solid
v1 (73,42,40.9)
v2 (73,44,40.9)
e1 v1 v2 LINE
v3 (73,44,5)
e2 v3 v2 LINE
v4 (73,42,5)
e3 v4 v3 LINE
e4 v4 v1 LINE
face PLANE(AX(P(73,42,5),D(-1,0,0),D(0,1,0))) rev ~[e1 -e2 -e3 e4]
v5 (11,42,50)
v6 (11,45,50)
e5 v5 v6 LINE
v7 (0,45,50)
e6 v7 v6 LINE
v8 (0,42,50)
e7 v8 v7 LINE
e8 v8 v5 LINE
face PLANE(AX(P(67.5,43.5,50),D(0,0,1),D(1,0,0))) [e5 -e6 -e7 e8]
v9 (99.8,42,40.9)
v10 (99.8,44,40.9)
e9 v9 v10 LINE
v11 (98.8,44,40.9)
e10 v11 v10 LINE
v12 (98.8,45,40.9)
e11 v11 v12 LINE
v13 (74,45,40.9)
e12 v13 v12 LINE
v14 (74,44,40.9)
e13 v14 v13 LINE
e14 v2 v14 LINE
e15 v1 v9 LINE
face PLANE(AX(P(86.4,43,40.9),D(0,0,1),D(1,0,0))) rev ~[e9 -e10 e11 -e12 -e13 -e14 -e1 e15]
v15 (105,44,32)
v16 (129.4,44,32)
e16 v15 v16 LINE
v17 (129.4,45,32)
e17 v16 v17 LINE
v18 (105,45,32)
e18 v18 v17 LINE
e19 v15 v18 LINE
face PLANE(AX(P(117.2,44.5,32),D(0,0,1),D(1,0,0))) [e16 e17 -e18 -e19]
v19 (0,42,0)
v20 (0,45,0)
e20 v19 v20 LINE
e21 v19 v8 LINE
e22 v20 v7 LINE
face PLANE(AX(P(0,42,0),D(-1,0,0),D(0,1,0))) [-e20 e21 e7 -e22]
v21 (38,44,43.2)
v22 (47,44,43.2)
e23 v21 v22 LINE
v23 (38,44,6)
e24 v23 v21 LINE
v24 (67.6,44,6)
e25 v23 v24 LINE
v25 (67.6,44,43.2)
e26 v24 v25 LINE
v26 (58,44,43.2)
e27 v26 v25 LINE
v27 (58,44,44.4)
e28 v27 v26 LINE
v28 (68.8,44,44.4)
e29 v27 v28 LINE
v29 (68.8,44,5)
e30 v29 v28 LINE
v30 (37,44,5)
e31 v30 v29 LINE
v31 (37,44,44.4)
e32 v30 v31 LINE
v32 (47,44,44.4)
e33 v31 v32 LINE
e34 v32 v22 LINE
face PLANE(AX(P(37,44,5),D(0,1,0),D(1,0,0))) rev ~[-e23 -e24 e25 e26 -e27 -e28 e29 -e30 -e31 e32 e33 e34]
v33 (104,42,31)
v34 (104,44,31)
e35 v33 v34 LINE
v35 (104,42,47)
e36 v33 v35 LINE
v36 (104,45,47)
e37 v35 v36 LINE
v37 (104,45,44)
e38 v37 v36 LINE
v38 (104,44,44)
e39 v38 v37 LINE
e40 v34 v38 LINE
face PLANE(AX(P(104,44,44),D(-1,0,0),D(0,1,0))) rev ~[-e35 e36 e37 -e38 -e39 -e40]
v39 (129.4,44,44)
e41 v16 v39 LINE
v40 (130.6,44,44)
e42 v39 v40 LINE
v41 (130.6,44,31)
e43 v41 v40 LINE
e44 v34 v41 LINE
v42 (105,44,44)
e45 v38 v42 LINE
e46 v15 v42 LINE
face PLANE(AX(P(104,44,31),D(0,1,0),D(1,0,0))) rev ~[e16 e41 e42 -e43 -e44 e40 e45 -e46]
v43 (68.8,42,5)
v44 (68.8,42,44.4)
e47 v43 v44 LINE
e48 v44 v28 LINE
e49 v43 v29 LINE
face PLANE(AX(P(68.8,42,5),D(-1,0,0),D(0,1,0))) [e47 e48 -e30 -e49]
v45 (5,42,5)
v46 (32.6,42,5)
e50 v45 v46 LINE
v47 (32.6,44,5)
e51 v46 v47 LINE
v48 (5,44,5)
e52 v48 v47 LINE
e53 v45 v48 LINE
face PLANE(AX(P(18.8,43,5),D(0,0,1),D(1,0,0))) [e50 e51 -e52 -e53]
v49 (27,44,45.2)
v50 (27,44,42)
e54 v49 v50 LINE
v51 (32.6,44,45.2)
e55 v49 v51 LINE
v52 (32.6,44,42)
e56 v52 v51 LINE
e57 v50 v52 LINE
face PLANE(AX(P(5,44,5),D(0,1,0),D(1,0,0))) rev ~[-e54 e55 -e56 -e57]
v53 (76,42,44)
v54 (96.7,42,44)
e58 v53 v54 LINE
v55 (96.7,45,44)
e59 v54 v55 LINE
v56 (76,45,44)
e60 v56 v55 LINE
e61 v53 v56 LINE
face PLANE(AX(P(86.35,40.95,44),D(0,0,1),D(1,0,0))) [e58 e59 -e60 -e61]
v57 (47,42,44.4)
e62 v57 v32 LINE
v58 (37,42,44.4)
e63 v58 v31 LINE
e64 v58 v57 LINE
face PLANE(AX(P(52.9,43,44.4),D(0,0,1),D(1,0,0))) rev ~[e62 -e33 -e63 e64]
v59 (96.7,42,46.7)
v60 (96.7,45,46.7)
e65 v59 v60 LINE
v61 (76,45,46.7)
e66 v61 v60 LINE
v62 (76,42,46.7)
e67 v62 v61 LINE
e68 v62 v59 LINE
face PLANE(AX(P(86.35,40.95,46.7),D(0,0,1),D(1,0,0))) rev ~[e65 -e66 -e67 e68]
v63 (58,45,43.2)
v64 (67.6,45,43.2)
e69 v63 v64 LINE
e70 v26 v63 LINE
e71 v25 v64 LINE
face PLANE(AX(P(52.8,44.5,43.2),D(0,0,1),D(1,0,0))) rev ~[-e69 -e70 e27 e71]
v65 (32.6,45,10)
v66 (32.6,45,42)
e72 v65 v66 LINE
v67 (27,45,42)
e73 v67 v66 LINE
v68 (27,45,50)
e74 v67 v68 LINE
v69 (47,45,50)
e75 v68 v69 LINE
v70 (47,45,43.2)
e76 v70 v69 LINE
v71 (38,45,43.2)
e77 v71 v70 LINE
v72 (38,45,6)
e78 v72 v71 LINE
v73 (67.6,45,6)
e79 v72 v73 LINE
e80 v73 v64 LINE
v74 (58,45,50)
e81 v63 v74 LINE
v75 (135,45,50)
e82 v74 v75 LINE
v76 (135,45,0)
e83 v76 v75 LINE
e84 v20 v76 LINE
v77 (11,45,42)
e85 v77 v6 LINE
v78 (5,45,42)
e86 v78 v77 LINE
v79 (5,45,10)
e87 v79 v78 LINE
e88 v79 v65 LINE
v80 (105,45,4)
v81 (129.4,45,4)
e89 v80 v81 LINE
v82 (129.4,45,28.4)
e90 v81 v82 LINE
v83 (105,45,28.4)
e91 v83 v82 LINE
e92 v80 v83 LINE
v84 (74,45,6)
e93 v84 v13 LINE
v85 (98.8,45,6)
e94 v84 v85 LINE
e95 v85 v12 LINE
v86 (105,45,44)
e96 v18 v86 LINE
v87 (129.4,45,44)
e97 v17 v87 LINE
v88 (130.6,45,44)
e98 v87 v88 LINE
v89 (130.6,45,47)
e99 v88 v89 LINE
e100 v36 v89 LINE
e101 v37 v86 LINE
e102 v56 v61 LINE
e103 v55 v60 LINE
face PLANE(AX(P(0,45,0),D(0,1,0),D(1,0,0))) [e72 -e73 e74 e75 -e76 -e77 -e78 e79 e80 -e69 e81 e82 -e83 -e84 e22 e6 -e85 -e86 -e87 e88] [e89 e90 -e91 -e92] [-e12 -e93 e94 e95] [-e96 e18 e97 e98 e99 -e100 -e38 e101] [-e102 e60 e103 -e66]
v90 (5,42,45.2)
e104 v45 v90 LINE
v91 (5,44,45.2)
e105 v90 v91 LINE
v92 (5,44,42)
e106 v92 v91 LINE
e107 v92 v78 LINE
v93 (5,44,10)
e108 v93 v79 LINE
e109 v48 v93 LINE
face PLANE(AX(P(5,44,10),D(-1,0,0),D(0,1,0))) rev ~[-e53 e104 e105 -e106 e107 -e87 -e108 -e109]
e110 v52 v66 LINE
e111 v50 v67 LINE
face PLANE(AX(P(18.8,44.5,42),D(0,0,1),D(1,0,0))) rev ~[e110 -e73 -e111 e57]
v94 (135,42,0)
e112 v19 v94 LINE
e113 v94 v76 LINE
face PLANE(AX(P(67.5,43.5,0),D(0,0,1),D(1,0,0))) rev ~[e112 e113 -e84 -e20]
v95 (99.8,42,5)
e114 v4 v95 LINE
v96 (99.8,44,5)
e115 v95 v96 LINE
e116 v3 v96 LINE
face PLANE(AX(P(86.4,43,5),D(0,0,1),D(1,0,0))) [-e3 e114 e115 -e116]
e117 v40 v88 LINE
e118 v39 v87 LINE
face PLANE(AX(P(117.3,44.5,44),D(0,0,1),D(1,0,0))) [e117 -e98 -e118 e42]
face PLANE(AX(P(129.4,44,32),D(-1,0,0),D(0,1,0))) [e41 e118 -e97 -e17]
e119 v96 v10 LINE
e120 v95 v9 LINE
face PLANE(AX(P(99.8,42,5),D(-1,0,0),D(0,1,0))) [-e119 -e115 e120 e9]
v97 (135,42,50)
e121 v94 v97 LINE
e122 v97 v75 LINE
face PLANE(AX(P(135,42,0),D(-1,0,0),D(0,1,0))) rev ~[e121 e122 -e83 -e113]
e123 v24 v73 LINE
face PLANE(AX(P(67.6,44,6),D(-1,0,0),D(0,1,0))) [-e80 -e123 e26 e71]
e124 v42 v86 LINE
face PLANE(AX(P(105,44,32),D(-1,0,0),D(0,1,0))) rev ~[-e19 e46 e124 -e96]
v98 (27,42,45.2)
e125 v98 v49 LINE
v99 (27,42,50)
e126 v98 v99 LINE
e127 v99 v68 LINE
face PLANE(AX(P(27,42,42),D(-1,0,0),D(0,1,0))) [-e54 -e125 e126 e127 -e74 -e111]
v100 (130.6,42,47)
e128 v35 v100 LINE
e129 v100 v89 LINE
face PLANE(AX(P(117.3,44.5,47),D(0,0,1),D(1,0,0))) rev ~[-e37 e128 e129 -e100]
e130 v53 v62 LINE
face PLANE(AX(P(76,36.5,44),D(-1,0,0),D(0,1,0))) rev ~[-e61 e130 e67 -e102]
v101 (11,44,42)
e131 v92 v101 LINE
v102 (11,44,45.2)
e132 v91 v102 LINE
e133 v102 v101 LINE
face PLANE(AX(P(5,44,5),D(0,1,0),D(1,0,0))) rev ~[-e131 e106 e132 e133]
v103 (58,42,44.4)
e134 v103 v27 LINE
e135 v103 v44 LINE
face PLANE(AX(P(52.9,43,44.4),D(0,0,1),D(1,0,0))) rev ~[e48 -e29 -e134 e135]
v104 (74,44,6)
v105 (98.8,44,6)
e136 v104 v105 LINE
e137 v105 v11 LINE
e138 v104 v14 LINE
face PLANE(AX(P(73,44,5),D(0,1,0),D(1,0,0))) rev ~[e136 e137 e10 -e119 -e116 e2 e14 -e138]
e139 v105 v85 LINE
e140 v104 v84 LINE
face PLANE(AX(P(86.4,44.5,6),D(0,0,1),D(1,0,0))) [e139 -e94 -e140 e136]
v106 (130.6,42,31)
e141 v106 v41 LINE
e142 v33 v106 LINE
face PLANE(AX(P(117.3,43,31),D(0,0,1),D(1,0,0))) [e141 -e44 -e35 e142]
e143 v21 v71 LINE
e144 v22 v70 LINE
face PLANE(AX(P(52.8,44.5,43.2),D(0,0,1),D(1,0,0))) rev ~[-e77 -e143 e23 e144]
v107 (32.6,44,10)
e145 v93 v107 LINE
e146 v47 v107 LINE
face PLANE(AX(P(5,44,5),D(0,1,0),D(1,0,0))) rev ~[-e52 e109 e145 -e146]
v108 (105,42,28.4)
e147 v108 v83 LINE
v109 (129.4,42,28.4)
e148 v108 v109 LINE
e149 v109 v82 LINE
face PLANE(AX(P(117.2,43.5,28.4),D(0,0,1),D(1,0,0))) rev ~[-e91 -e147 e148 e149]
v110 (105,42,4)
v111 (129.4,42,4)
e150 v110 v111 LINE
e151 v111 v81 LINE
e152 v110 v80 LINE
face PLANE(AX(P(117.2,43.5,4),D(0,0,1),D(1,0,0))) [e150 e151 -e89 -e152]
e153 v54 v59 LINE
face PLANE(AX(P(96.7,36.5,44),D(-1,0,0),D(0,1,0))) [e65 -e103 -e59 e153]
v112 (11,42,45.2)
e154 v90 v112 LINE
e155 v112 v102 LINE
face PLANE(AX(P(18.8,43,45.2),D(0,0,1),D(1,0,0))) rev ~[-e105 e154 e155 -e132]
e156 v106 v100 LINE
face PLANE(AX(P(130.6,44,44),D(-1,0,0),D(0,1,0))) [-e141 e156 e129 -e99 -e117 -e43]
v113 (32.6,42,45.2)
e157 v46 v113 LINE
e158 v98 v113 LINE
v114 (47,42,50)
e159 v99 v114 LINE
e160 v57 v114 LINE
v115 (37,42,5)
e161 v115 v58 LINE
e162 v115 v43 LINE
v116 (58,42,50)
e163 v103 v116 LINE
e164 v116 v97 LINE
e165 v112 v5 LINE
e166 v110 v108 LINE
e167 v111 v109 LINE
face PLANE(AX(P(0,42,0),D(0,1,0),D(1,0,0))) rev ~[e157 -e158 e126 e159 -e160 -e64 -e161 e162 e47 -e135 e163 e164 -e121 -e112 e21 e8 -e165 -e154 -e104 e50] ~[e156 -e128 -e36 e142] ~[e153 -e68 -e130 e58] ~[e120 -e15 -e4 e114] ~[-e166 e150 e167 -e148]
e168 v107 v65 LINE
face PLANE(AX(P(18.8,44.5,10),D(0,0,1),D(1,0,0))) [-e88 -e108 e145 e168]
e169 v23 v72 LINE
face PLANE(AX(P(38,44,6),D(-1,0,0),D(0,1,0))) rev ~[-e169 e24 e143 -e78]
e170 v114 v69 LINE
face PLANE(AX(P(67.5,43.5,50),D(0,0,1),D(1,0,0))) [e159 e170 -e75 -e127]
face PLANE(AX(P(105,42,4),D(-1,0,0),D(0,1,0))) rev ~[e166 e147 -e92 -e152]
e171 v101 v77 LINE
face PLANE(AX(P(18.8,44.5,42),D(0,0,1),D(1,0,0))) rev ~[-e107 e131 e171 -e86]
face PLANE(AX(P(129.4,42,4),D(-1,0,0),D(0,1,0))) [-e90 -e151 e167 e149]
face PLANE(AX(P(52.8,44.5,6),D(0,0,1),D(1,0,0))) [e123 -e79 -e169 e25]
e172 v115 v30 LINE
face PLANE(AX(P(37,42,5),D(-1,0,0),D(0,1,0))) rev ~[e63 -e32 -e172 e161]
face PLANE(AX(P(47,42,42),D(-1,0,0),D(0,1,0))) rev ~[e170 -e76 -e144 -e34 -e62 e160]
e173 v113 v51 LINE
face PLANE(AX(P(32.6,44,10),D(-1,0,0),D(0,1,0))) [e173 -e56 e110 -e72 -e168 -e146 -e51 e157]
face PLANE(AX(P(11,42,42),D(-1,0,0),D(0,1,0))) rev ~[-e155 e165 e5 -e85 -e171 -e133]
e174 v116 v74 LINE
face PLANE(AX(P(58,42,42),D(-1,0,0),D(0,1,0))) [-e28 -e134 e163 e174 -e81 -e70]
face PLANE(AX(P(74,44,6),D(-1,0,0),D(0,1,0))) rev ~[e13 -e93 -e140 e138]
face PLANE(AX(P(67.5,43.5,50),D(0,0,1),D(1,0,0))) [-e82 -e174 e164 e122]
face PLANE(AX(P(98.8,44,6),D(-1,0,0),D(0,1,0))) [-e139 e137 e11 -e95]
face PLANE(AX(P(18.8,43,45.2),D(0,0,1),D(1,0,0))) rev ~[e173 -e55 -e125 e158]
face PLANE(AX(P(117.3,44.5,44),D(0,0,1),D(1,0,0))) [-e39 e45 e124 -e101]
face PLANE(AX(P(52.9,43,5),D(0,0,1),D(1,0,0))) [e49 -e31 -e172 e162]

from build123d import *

# Parameters (mm, degrees)
BOX248_W     = 27.6
BOX248_H     = 2
BOX248_DEPTH = 40.2
BOX249_W     = 27.6
BOX249_H     = 1
BOX249_DEPTH = 32
BOX250_W     = 16
BOX250_H     = 3
BOX250_DEPTH = 8
BOX252_W     = 29.6
BOX252_H     = 1
BOX252_DEPTH = 37.2
BOX251_W     = 31.8
BOX251_H     = 2
BOX251_DEPTH = 39.4
BOX253_W     = 11
BOX253_H     = 3
BOX253_DEPTH = 8
BOX254_W     = 26.8
BOX254_H     = 2
BOX254_DEPTH = 35.9
BOX255_W     = 24.8
BOX255_H     = 1
BOX255_DEPTH = 34.9
BOX263_W     = 24.4
BOX263_H     = 3
BOX263_DEPTH = 24.4
BOX270_W     = 20.7
BOX270_H     = 8.9
BOX270_DEPTH = 2.7
BOX261_W     = 24.4
BOX261_H     = 1
BOX261_DEPTH = 13.8
BOX262_W     = 26.6
BOX262_H     = 1
BOX262_DEPTH = 3
BOX260_W     = 26.6
BOX260_H     = 2
BOX260_DEPTH = 16
BOX247_W     = 135
BOX247_H     = 3
BOX247_DEPTH = 50


with BuildPart() as cut_out_cam_large:
    # Box248 → Box248 (new body)
    with BuildSketch(Plane(origin=(5, 42, 5), x_dir=(1, 0, 0), z_dir=(0, 0, 1))):
        with Locations((13.8, 1)):
            Rectangle(BOX248_W, BOX248_H)
    extrude(amount=BOX248_DEPTH)


with BuildPart() as cut_out_cam_small:
    # Box249 → Box249 (new body)
    with BuildSketch(Plane(origin=(5, 44, 10), x_dir=(1, 0, 0), z_dir=(0, 0, 1))):
        with Locations((13.8, 0.5)):
            Rectangle(BOX249_W, BOX249_H)
    extrude(amount=BOX249_DEPTH)


with BuildPart() as cut_out_esp32cam:
    # Box250 → Box250 (new body)
    with BuildSketch(Plane(origin=(11, 42, 42), x_dir=(1, 0, 0), z_dir=(0, 0, 1))):
        with Locations((8, 1.5)):
            Rectangle(BOX250_W, BOX250_H)
    extrude(amount=BOX250_DEPTH)

    # Fusion: union cut-out cam large, cut-out cam small
    add(cut_out_cam_large.part)
    add(cut_out_cam_small.part)


with BuildPart() as cube225:
    # Box252 → Box252 (new body)
    with BuildSketch(Plane(origin=(38, 44, 6), x_dir=(1, 0, 0), z_dir=(0, 0, 1))):
        with Locations((14.8, 0.5)):
            Rectangle(BOX252_W, BOX252_H)
    extrude(amount=BOX252_DEPTH)


with BuildPart() as cube224:
    # Box251 → Box251 (new body)
    with BuildSketch(Plane(origin=(37, 42, 5), x_dir=(1, 0, 0), z_dir=(0, 0, 1))):
        with Locations((15.9, 1)):
            Rectangle(BOX251_W, BOX251_H)
    extrude(amount=BOX251_DEPTH)


with BuildPart() as cut_out_esp32:
    # Box253 → Box253 (new body)
    with BuildSketch(Plane(origin=(47, 42, 42), x_dir=(1, 0, 0), z_dir=(0, 0, 1))):
        with Locations((5.5, 1.5)):
            Rectangle(BOX253_W, BOX253_H)
    extrude(amount=BOX253_DEPTH)

    # Fusion066: union Cube225, Cube224
    add(cube225.part)
    add(cube224.part)


with BuildPart() as cube227:
    # Box254 → Box254 (new body)
    with BuildSketch(Plane(origin=(73, 42, 5), x_dir=(1, 0, 0), z_dir=(0, 0, 1))):
        with Locations((13.4, 1)):
            Rectangle(BOX254_W, BOX254_H)
    extrude(amount=BOX254_DEPTH)


with BuildPart() as cut_out_neo6mv2:
    # Box255 → Box255 (new body)
    with BuildSketch(Plane(origin=(74, 44, 6), x_dir=(1, 0, 0), z_dir=(0, 0, 1))):
        with Locations((12.4, 0.5)):
            Rectangle(BOX255_W, BOX255_H)
    extrude(amount=BOX255_DEPTH)

    # Fusion067: union Cube227
    add(cube227.part)


with BuildPart() as cut_out_gps_antenna:
    # Box263 → Box263 (new body)
    with BuildSketch(Plane(origin=(105, 42, 4), x_dir=(1, 0, 0), z_dir=(0, 0, 1))):
        with Locations((12.2, 1.5)):
            Rectangle(BOX263_W, BOX263_H)
    extrude(amount=BOX263_DEPTH)


with BuildPart() as cut_out_header:
    # Box270 → Box270 (new body)
    with BuildSketch(Plane(origin=(76, 36.5, 44), x_dir=(1, 0, 0), z_dir=(0, 0, 1))):
        with Locations((10.35, 4.45)):
            Rectangle(BOX270_W, BOX270_H)
    extrude(amount=BOX270_DEPTH)


with BuildPart() as cube234:
    # Box261 → Box261 (new body)
    with BuildSketch(Plane(origin=(103, 44, 30), x_dir=(1, 0, 0), z_dir=(0, 0, 1))):
        with Locations((12.2, 0.5)):
            Rectangle(BOX261_W, BOX261_H)
    extrude(amount=BOX261_DEPTH)


with BuildPart() as cube235:
    # Box262 → Box262 (new body)
    with BuildSketch(Plane(origin=(102, 44, 42), x_dir=(1, 0, 0), z_dir=(0, 0, 1))):
        with Locations((13.3, 0.5)):
            Rectangle(BOX262_W, BOX262_H)
    extrude(amount=BOX262_DEPTH)


with BuildPart() as cut_outs:
    # Box260 → Box260 (new body)
    with BuildSketch(Plane(origin=(102, 42, 29), x_dir=(1, 0, 0), z_dir=(0, 0, 1))):
        with Locations((13.3, 1)):
            Rectangle(BOX260_W, BOX260_H)
    extrude(amount=BOX260_DEPTH)

    # Fusion070: union Cube234, Cube235
    add(cube234.part)
    add(cube235.part)


with BuildPart() as cut_outs_1:
    # Fusion070 placement: moved
    add(cut_outs.part.moved(Location((2, 0, 2))))

    # Fusion071: union Cut-out ESP32CAM, Cut-out ESP32, Cut-out NEO6MV2, Cut-out GPS antenna, Cut-out header
    add(cut_out_esp32cam.part)
    add(cut_out_esp32.part)
    add(cut_out_neo6mv2.part)
    add(cut_out_gps_antenna.part)
    add(cut_out_header.part)


with BuildPart() as plate:
    # Box247 → Box247 (new body)
    with BuildSketch(Plane(origin=(0, 42, 0), x_dir=(1, 0, 0), z_dir=(0, 0, 1))):
        with Locations((67.5, 1.5)):
            Rectangle(BOX247_W, BOX247_H)
    extrude(amount=BOX247_DEPTH)

    # Cut197: cut  Cut-outs
    add(cut_outs_1.part, mode=Mode.SUBTRACT)


solid = plate.part
